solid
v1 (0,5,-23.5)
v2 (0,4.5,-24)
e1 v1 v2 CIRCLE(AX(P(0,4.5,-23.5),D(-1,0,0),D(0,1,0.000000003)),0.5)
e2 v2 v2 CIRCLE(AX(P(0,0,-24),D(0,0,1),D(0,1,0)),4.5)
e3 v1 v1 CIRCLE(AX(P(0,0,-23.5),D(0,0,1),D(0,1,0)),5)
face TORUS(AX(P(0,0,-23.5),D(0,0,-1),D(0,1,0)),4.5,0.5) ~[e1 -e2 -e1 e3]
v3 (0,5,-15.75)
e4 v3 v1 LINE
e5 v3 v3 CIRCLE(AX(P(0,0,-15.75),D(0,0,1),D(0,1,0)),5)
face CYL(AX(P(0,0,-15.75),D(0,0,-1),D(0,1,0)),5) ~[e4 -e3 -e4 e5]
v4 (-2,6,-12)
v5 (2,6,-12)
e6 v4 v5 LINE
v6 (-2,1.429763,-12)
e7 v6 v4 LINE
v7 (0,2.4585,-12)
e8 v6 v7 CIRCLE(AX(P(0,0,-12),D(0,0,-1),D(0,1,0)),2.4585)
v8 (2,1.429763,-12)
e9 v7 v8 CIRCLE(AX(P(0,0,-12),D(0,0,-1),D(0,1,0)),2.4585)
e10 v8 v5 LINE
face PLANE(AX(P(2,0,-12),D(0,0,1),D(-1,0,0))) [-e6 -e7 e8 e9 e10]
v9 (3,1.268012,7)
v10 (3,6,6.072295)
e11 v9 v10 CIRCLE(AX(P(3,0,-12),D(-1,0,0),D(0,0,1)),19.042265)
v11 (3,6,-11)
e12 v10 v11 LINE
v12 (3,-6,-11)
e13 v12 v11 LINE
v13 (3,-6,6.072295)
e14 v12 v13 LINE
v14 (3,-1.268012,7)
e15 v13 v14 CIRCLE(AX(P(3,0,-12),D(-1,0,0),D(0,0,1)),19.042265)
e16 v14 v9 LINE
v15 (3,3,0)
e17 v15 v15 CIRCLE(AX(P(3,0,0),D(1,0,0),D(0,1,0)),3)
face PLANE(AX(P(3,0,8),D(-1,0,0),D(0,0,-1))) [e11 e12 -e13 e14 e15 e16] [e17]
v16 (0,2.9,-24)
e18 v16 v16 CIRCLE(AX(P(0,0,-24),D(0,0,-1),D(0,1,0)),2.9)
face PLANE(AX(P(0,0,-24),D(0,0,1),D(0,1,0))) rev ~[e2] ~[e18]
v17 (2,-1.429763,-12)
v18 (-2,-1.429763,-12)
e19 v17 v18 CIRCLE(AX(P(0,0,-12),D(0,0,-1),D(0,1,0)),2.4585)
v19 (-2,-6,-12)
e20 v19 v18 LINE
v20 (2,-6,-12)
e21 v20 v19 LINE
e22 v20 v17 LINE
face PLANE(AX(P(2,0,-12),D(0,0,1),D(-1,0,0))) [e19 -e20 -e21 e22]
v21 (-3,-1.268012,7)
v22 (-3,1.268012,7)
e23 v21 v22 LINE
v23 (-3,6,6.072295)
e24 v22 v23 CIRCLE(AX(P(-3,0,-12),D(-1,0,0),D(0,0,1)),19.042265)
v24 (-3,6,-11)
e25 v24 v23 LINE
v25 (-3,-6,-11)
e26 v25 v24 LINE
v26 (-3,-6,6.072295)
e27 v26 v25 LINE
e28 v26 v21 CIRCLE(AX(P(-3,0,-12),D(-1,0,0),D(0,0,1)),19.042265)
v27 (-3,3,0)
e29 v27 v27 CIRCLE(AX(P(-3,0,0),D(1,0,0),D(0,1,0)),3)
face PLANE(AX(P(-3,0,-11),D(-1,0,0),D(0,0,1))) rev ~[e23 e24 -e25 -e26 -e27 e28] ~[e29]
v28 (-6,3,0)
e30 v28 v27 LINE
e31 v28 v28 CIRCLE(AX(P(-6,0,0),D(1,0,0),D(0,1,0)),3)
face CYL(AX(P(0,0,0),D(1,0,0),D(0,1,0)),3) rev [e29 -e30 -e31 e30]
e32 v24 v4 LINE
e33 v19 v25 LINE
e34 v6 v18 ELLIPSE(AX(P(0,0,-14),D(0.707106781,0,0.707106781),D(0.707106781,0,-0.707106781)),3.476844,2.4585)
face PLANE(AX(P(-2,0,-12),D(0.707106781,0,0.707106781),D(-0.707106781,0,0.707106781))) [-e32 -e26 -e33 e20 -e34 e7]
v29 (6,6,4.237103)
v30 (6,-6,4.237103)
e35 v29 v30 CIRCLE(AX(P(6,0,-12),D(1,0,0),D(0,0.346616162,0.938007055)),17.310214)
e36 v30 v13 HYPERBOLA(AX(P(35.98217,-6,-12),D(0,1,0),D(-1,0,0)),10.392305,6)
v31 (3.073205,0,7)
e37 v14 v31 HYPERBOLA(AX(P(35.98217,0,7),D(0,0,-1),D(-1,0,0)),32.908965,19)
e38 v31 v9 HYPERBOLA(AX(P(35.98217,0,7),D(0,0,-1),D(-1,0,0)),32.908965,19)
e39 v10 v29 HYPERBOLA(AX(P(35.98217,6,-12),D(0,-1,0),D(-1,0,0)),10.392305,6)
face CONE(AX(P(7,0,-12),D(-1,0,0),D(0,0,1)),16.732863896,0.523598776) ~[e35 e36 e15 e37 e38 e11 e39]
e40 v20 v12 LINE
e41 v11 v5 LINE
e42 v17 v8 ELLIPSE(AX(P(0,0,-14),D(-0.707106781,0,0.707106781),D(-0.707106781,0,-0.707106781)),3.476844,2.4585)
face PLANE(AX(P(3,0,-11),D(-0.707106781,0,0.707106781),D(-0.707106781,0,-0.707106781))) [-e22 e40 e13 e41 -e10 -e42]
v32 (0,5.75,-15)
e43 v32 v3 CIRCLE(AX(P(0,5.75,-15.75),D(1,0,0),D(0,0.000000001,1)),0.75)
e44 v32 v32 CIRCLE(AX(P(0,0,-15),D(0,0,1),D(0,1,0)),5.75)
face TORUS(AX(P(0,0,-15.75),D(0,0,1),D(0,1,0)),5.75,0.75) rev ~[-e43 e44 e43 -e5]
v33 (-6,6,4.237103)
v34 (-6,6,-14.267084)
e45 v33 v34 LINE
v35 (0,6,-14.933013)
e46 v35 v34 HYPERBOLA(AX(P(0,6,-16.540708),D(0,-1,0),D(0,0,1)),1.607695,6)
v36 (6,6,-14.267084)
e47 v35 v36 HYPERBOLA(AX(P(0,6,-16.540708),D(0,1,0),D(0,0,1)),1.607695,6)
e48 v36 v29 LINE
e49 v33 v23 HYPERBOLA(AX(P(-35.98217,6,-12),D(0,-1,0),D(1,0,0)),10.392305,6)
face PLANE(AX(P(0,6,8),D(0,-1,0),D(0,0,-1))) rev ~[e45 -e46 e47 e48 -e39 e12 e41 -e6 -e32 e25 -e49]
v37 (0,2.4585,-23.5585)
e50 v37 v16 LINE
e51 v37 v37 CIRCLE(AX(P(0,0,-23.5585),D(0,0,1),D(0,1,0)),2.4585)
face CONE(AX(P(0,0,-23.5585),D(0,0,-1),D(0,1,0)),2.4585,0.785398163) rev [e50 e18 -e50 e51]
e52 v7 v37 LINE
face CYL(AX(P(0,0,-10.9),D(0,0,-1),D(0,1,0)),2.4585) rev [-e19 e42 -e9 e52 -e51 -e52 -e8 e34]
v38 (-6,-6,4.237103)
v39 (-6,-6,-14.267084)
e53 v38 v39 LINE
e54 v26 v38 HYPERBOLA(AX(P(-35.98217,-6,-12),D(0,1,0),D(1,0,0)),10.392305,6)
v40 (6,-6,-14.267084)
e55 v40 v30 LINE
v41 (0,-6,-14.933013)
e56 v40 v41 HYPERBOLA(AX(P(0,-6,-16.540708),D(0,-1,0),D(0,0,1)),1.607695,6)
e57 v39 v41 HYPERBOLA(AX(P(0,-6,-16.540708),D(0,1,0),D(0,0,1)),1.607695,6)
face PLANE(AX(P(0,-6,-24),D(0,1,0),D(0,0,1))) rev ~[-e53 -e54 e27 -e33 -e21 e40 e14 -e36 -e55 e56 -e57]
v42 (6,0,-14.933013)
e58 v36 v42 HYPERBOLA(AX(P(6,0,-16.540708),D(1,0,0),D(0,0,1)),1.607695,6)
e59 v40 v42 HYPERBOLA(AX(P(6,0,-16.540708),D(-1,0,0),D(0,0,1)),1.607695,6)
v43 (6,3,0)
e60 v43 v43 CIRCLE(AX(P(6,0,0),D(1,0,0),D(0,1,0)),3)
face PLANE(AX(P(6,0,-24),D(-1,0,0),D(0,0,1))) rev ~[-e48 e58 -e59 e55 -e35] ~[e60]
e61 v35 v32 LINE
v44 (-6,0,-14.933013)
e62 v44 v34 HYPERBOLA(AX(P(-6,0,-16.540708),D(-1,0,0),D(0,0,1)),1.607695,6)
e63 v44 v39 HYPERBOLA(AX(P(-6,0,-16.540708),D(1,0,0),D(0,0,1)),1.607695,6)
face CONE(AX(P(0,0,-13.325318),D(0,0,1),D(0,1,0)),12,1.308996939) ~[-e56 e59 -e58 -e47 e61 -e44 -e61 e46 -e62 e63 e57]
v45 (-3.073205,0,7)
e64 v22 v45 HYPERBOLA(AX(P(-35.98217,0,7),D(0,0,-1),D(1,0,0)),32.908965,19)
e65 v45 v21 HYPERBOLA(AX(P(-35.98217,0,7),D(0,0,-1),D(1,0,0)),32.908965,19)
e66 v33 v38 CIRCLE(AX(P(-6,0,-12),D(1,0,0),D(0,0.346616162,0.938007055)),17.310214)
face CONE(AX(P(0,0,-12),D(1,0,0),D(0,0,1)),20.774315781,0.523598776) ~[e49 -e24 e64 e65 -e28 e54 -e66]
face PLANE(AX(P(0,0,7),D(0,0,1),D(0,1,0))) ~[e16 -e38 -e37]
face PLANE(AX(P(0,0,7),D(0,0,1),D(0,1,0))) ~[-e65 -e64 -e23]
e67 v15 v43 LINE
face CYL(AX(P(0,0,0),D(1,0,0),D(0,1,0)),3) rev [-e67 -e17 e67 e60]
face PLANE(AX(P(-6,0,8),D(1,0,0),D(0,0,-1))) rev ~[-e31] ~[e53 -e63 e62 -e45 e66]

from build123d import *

# Parameters (mm, degrees)
CUT_EXTRUDE1_DEPTH           = 13
CUT_EXTRUDE1_DEPTH_BACK      = 13
CUT_EXTRUDE2_DEPTH           = 13
CUT_EXTRUDE2_DEPTH_BACK      = 13
CUT_EXTRUDE3_DEPTH           = 13
CUT_EXTRUDE3_DEPTH_BACK      = 13
SKETCH5_W                    = 16.2
SKETCH5_H                    = 3
CUT_REVOLVE3_ANGLE           = 90
CUT_REVOLVE3_OTHER_WAY_ANGLE = 90


with BuildPart() as part:
    # Sketch1 → Revolve1 (revolve)
    with BuildSketch(Plane(origin=(0, 0, 0), x_dir=(0, 0, -1), z_dir=(1, 0, 0))):
        with BuildLine():
            Line((-7, 0), (-7, 12))
            Line((-7, 12), (13.325317547, 12))
            Line((13.325317547, 12), (15, 5.75))
            ThreePointArc((15, 5.75), (15.219669914, 5.219669914), (15.75, 5))
            Line((15.75, 5), (23.5, 5))
            ThreePointArc((23.5, 5), (23.853553391, 4.853553391), (24, 4.5))
            Line((24, 4.5), (24, 0))
            Line((24, 0), (-7, 0))
        make_face()
    revolve(axis=Axis((0, 0, -24), (0, 0, 1)))

    # Sketch2 → Cut-Extrude1 (cut, two sides: drawn at the far end of the back side and taken through both)
    with BuildSketch(Plane(origin=(0, 0, 0), x_dir=(1, 0, 0), z_dir=(0, 1, 0)).offset(-CUT_EXTRUDE1_DEPTH_BACK)):
        Polygon((-3, 11), (-3, -8), (3, -8), (3, 11), (2, 12), (-2, 12), align=None)
    extrude(amount=CUT_EXTRUDE1_DEPTH + CUT_EXTRUDE1_DEPTH_BACK, mode=Mode.SUBTRACT)

    # Sketch3 → Cut-Extrude2 (cut, two sides: drawn at the far end of the back side and taken through both)
    with BuildSketch(Plane(origin=(0, 0, 0), x_dir=(0, 0, -1), z_dir=(1, 0, 0)).offset(-CUT_EXTRUDE2_DEPTH_BACK)):
        Polygon((-20, -18), (24, -18), (24, -6), (-8, -6), (-8, 6), (24, 6), (24, 18), (-20, 18), align=None)
    extrude(amount=CUT_EXTRUDE2_DEPTH + CUT_EXTRUDE2_DEPTH_BACK, mode=Mode.SUBTRACT)

    # Sketch4 → Cut-Extrude3 (cut, two sides: drawn at the far end of the back side and taken through both)
    with BuildSketch(Plane(origin=(0, 0, 0), x_dir=(1, 0, 0), z_dir=(0, 1, 0)).offset(-CUT_EXTRUDE3_DEPTH_BACK)):
        Polygon((-18, -20), (18, -20), (18, 24), (6, 24), (6, -8), (-6, -8), (-6, 24), (-18, 24), align=None)
    extrude(amount=CUT_EXTRUDE3_DEPTH + CUT_EXTRUDE3_DEPTH_BACK, mode=Mode.SUBTRACT)

    # Sketch5 → Cut-Revolve1 (revolve, cut)
    with BuildSketch(Plane.XY):
        with Locations((0, 1.5)):
            Rectangle(SKETCH5_W, SKETCH5_H)
    revolve(axis=Axis((8.1, 0, 0), (-1, 0, 0)), mode=Mode.SUBTRACT)

    # Sketch6 → Cut-Revolve2 (revolve, cut)
    with BuildSketch(Plane(origin=(0, 0, 0), x_dir=(0, 0, -1), z_dir=(1, 0, 0))):
        Polygon((10.9, 0), (10.9, 2.4585), (23.5585, 2.4585), (24.1, 3), (24.1, 0), align=None)
    revolve(axis=Axis((0, 0, -24.1), (0, 0, 1)), mode=Mode.SUBTRACT)

    # Sketch7 → Cut-Revolve3 (revolve, cut)
    with BuildSketch(Plane(origin=(0, 0, 0), x_dir=(1, 0, 0), z_dir=(0, 1, 0))):
        Polygon((-7, -18.589270357), (0, -22.630722241), (7, -18.589270357), (7, -4.732863896), (0, -8.774315781), (-7, -4.732863896), align=None)
    revolve(axis=Axis((-7, 0, -12), (-1, 0, 0)), revolution_arc=CUT_REVOLVE3_ANGLE, mode=Mode.SUBTRACT)

    # Sketch7 → Cut-Revolve3 other way (revolve, cut)
    with BuildSketch(Plane(origin=(0, 0, 0), x_dir=(1, 0, 0), z_dir=(0, 1, 0))):
        Polygon((-7, -18.589270357), (0, -22.630722241), (7, -18.589270357), (7, -4.732863896), (0, -8.774315781), (-7, -4.732863896), align=None)
    revolve(axis=Axis((-7, 0, -12), (1, 0, 0)), revolution_arc=CUT_REVOLVE3_OTHER_WAY_ANGLE, mode=Mode.SUBTRACT)


solid = part.part
